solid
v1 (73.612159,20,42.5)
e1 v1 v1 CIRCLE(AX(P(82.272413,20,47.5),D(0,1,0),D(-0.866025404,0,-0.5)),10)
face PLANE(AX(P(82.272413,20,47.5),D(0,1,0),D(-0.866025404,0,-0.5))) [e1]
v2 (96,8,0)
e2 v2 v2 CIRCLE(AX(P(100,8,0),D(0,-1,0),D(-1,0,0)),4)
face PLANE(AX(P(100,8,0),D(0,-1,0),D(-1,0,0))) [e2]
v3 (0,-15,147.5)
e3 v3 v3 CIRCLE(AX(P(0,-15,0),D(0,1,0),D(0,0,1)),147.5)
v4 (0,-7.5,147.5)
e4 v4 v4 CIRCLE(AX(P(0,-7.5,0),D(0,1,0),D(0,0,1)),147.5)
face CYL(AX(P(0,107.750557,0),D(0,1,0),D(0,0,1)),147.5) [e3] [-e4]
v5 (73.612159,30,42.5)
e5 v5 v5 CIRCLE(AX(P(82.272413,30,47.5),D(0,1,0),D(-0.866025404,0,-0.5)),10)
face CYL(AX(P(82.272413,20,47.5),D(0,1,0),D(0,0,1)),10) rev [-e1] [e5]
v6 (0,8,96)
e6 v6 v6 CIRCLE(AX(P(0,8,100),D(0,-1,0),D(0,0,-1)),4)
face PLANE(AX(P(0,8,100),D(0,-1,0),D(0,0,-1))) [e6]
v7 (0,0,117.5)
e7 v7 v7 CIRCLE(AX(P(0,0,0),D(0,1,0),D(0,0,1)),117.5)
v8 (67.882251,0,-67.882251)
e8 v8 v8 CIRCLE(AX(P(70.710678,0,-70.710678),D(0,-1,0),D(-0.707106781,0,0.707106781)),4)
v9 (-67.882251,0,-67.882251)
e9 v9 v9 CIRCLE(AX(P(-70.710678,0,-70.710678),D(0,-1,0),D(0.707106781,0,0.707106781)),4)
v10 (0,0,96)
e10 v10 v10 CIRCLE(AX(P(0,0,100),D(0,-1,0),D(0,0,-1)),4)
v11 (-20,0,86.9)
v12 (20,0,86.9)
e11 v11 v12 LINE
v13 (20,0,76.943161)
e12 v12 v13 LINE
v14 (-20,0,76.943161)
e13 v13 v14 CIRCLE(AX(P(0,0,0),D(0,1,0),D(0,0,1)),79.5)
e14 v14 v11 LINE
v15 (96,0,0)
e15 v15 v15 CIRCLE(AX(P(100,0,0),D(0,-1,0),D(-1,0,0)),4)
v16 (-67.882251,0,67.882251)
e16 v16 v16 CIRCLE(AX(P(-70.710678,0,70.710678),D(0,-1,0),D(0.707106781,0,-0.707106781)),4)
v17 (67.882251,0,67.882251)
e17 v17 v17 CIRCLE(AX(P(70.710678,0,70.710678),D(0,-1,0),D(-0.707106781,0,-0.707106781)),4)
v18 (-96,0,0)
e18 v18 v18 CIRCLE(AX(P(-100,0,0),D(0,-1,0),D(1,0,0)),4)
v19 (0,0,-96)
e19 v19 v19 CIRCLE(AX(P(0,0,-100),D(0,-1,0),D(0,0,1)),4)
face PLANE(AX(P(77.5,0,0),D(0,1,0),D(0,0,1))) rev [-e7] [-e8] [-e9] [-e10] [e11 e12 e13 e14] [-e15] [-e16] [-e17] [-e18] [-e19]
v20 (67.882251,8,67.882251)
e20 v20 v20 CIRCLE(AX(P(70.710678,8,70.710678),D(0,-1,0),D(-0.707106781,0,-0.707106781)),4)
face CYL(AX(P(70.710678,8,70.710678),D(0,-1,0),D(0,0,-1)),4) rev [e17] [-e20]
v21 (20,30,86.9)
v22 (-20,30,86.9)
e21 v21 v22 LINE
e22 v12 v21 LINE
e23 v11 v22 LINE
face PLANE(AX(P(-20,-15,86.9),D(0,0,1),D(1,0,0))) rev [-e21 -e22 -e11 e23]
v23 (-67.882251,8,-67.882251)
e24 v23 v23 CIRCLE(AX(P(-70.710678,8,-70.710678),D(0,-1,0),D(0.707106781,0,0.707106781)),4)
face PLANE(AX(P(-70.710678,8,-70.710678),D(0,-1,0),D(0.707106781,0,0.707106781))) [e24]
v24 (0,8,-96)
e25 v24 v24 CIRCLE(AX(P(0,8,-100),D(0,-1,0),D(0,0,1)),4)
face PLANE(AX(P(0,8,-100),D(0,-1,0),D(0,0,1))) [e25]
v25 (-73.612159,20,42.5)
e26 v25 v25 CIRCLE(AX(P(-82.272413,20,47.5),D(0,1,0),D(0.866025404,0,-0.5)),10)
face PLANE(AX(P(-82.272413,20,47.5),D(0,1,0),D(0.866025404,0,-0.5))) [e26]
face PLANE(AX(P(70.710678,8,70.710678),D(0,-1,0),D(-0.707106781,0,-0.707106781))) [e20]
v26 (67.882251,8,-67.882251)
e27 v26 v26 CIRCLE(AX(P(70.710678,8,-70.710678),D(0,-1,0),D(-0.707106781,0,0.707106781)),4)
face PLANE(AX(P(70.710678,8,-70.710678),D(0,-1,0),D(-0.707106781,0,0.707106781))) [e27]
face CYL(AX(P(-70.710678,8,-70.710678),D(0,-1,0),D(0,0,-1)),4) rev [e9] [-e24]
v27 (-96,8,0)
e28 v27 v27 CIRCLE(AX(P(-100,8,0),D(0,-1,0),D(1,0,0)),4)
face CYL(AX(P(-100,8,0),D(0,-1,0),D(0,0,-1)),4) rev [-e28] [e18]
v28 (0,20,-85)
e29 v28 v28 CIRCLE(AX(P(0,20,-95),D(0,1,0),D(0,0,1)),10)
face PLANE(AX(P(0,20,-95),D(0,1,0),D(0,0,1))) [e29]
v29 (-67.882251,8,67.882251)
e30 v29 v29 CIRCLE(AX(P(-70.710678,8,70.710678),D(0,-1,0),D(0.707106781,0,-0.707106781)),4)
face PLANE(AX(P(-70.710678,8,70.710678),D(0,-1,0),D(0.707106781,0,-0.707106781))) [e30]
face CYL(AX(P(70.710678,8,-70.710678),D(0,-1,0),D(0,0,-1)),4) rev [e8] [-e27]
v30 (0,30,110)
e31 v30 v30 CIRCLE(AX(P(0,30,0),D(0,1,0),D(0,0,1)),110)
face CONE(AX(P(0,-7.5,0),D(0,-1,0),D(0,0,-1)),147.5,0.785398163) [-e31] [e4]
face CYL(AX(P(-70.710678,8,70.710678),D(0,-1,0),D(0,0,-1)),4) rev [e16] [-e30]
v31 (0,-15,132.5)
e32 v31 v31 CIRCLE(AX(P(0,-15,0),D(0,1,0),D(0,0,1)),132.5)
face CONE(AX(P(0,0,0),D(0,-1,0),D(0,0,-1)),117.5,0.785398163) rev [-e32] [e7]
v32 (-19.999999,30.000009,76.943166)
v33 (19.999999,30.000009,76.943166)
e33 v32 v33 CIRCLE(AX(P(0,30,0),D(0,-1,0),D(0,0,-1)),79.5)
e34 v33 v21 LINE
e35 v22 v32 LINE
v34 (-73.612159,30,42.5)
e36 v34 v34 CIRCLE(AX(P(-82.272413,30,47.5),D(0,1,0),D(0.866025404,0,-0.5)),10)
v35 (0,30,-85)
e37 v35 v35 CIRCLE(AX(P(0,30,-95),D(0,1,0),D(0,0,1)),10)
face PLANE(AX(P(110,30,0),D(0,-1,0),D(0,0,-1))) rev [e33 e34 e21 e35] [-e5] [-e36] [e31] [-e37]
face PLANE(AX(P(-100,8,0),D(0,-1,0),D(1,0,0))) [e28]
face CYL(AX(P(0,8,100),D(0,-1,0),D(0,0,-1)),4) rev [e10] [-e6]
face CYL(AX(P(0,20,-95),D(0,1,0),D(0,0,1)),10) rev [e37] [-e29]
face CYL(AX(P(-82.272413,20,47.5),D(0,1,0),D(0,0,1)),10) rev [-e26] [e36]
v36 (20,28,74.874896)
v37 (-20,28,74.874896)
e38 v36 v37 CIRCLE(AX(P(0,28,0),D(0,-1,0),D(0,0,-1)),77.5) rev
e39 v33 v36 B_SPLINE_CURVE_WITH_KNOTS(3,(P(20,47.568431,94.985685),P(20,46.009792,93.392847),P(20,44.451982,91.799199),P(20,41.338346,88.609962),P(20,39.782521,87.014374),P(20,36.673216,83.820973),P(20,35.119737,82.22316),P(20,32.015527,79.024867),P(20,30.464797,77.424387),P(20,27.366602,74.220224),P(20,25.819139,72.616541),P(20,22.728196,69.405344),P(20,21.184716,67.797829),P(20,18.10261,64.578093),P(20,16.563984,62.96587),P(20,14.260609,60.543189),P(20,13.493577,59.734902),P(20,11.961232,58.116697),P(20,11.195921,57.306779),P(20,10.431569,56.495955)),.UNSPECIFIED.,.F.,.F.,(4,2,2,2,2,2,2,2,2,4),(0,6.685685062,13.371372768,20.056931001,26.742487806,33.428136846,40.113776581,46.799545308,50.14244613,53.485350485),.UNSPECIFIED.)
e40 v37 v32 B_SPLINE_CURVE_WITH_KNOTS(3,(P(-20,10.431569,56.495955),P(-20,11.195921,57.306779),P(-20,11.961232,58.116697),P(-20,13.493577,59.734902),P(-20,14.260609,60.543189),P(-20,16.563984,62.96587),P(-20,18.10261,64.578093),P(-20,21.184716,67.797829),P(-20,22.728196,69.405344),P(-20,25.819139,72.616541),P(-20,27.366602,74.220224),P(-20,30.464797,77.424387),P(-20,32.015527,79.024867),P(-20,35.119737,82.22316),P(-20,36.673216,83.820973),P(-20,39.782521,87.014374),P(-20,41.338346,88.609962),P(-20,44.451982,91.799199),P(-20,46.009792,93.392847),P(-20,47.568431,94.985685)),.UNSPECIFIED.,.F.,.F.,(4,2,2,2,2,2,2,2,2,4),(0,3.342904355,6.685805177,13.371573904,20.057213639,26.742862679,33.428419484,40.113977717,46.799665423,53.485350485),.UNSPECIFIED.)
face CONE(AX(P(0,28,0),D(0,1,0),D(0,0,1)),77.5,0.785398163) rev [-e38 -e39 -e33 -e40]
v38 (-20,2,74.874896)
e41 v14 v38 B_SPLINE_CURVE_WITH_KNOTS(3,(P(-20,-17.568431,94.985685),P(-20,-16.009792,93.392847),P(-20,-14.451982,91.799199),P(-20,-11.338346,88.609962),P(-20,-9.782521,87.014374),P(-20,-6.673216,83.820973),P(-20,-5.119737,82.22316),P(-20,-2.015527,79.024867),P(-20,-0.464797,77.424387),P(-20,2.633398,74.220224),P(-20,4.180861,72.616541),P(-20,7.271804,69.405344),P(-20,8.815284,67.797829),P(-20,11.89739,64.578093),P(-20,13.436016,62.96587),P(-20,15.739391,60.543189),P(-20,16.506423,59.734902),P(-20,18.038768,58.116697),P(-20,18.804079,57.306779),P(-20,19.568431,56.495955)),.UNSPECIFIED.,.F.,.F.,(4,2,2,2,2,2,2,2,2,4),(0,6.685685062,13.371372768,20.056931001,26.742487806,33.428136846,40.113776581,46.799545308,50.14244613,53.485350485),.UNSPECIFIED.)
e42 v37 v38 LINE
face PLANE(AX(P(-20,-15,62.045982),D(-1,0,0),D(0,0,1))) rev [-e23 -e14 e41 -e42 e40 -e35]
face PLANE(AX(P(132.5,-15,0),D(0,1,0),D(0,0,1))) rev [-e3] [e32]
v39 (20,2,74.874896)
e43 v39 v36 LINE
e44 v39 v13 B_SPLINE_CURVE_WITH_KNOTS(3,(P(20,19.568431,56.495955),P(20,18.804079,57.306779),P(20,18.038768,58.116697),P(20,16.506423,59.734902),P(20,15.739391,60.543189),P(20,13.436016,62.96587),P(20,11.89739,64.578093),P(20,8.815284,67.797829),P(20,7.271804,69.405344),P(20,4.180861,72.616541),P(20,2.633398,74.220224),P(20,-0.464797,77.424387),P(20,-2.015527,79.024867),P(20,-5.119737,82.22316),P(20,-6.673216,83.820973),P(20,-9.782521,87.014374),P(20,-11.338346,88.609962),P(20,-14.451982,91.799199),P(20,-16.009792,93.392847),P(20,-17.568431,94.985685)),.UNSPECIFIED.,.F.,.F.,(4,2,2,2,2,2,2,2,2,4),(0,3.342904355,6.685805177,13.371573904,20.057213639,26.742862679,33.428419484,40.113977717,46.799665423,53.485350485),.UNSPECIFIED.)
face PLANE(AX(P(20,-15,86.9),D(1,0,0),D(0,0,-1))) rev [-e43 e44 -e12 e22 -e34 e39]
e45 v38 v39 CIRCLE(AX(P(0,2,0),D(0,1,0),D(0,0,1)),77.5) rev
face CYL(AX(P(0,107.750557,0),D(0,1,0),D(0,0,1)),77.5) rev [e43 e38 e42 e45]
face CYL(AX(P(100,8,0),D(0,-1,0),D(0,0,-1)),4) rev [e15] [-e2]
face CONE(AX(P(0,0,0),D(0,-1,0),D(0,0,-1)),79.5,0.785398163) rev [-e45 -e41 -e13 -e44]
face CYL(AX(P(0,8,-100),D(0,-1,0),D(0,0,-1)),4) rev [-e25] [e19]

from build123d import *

# Parameters (mm, degrees)
CHAMFER_1_SIZE           = 2
SKETCH_2_R               = 10
CUT_EXTRUDE_1_DEPTH      = 10
PATTERN_CIRCULAR_1_COUNT = 3
CUT_EXTRUDE_2_DEPTH      = 214.395173329
CUT_EXTRUDE_2_DEPTH_BACK = 214.395173329
SKETCH_3_W               = 40
SKETCH_3_H               = 24.854018102
SKETCH_4_R               = 4
CUT_EXTRUDE_3_DEPTH      = 8
PATTERN_CIRCULAR_2_COUNT = 8


with BuildPart() as part:
    # Эскиз1 → Повернуть1 (revolve)
    with BuildSketch(Plane.XY, mode=Mode.PRIVATE) as revolve_1_sk:
        Polygon((77.5, 30), (77.5, 0), (117.5, 0), (132.5, -15), (147.5, -15), (147.5, -7.5), (110, 30), align=None)
    revolve(revolve_1_sk.sketch.rotate(Axis((0, 107.750556793, 0), (0, -1, 0)), 90), axis=Axis((0, 107.750556793, 0), (0, -1, 0)))

    # Фаска1
    chamfer_1_edges = [part.edges().sort_by_distance(p)[0] for p in [
        (0, 0, -77.5),
        (0, 30, -77.5),
    ]]
    chamfer(chamfer_1_edges, length=CHAMFER_1_SIZE)

    # Эскиз2 → Вырез-Вытянуть1 (cut)
    with BuildSketch(Plane(origin=(0, 30, 0), x_dir=(1, 0, 0), z_dir=(0, 1, 0))):
        with Locations(Location((0, 95, 0), (0, 0, 270))):
            Circle(SKETCH_2_R)
    cut_extrude_1 = extrude(amount=-CUT_EXTRUDE_1_DEPTH, mode=Mode.SUBTRACT)

    # Круговой массив1: Вырез-Вытянуть1 ×3 about axis
    pattern_circular_1_axis = Axis((0, 0, 0), (0, 1, 0))
    for i in range(1, PATTERN_CIRCULAR_1_COUNT):
        add(cut_extrude_1.rotate(pattern_circular_1_axis, i * 360 / PATTERN_CIRCULAR_1_COUNT), mode=Mode.SUBTRACT)

    # Эскиз3 → Вырез-Вытянуть2 (cut, two sides: drawn at the far end of the back side and taken through both)
    with BuildSketch(Plane(origin=(0, 30, 0), x_dir=(1, 0, 0), z_dir=(0, 1, 0)).offset(-CUT_EXTRUDE_2_DEPTH_BACK)):
        with Locations((0, -74.472990949)):
            Rectangle(SKETCH_3_W, SKETCH_3_H)
    extrude(amount=CUT_EXTRUDE_2_DEPTH + CUT_EXTRUDE_2_DEPTH_BACK, mode=Mode.SUBTRACT)

    # Эскиз4 → Вырез-Вытянуть3 (cut)
    with BuildSketch(Plane.XZ):
        with Locations(Location((0, 100, 0), (0, 0, 270))):
            Circle(SKETCH_4_R)
    cut_extrude_3 = extrude(amount=-CUT_EXTRUDE_3_DEPTH, mode=Mode.SUBTRACT)

    # Круговой массив2: Вырез-Вытянуть3 ×8 about axis
    pattern_circular_2_axis = Axis((0, 0, 0), (0, 1, 0))
    for i in range(1, PATTERN_CIRCULAR_2_COUNT):
        add(cut_extrude_3.rotate(pattern_circular_2_axis, i * 360 / PATTERN_CIRCULAR_2_COUNT), mode=Mode.SUBTRACT)


solid = part.part
